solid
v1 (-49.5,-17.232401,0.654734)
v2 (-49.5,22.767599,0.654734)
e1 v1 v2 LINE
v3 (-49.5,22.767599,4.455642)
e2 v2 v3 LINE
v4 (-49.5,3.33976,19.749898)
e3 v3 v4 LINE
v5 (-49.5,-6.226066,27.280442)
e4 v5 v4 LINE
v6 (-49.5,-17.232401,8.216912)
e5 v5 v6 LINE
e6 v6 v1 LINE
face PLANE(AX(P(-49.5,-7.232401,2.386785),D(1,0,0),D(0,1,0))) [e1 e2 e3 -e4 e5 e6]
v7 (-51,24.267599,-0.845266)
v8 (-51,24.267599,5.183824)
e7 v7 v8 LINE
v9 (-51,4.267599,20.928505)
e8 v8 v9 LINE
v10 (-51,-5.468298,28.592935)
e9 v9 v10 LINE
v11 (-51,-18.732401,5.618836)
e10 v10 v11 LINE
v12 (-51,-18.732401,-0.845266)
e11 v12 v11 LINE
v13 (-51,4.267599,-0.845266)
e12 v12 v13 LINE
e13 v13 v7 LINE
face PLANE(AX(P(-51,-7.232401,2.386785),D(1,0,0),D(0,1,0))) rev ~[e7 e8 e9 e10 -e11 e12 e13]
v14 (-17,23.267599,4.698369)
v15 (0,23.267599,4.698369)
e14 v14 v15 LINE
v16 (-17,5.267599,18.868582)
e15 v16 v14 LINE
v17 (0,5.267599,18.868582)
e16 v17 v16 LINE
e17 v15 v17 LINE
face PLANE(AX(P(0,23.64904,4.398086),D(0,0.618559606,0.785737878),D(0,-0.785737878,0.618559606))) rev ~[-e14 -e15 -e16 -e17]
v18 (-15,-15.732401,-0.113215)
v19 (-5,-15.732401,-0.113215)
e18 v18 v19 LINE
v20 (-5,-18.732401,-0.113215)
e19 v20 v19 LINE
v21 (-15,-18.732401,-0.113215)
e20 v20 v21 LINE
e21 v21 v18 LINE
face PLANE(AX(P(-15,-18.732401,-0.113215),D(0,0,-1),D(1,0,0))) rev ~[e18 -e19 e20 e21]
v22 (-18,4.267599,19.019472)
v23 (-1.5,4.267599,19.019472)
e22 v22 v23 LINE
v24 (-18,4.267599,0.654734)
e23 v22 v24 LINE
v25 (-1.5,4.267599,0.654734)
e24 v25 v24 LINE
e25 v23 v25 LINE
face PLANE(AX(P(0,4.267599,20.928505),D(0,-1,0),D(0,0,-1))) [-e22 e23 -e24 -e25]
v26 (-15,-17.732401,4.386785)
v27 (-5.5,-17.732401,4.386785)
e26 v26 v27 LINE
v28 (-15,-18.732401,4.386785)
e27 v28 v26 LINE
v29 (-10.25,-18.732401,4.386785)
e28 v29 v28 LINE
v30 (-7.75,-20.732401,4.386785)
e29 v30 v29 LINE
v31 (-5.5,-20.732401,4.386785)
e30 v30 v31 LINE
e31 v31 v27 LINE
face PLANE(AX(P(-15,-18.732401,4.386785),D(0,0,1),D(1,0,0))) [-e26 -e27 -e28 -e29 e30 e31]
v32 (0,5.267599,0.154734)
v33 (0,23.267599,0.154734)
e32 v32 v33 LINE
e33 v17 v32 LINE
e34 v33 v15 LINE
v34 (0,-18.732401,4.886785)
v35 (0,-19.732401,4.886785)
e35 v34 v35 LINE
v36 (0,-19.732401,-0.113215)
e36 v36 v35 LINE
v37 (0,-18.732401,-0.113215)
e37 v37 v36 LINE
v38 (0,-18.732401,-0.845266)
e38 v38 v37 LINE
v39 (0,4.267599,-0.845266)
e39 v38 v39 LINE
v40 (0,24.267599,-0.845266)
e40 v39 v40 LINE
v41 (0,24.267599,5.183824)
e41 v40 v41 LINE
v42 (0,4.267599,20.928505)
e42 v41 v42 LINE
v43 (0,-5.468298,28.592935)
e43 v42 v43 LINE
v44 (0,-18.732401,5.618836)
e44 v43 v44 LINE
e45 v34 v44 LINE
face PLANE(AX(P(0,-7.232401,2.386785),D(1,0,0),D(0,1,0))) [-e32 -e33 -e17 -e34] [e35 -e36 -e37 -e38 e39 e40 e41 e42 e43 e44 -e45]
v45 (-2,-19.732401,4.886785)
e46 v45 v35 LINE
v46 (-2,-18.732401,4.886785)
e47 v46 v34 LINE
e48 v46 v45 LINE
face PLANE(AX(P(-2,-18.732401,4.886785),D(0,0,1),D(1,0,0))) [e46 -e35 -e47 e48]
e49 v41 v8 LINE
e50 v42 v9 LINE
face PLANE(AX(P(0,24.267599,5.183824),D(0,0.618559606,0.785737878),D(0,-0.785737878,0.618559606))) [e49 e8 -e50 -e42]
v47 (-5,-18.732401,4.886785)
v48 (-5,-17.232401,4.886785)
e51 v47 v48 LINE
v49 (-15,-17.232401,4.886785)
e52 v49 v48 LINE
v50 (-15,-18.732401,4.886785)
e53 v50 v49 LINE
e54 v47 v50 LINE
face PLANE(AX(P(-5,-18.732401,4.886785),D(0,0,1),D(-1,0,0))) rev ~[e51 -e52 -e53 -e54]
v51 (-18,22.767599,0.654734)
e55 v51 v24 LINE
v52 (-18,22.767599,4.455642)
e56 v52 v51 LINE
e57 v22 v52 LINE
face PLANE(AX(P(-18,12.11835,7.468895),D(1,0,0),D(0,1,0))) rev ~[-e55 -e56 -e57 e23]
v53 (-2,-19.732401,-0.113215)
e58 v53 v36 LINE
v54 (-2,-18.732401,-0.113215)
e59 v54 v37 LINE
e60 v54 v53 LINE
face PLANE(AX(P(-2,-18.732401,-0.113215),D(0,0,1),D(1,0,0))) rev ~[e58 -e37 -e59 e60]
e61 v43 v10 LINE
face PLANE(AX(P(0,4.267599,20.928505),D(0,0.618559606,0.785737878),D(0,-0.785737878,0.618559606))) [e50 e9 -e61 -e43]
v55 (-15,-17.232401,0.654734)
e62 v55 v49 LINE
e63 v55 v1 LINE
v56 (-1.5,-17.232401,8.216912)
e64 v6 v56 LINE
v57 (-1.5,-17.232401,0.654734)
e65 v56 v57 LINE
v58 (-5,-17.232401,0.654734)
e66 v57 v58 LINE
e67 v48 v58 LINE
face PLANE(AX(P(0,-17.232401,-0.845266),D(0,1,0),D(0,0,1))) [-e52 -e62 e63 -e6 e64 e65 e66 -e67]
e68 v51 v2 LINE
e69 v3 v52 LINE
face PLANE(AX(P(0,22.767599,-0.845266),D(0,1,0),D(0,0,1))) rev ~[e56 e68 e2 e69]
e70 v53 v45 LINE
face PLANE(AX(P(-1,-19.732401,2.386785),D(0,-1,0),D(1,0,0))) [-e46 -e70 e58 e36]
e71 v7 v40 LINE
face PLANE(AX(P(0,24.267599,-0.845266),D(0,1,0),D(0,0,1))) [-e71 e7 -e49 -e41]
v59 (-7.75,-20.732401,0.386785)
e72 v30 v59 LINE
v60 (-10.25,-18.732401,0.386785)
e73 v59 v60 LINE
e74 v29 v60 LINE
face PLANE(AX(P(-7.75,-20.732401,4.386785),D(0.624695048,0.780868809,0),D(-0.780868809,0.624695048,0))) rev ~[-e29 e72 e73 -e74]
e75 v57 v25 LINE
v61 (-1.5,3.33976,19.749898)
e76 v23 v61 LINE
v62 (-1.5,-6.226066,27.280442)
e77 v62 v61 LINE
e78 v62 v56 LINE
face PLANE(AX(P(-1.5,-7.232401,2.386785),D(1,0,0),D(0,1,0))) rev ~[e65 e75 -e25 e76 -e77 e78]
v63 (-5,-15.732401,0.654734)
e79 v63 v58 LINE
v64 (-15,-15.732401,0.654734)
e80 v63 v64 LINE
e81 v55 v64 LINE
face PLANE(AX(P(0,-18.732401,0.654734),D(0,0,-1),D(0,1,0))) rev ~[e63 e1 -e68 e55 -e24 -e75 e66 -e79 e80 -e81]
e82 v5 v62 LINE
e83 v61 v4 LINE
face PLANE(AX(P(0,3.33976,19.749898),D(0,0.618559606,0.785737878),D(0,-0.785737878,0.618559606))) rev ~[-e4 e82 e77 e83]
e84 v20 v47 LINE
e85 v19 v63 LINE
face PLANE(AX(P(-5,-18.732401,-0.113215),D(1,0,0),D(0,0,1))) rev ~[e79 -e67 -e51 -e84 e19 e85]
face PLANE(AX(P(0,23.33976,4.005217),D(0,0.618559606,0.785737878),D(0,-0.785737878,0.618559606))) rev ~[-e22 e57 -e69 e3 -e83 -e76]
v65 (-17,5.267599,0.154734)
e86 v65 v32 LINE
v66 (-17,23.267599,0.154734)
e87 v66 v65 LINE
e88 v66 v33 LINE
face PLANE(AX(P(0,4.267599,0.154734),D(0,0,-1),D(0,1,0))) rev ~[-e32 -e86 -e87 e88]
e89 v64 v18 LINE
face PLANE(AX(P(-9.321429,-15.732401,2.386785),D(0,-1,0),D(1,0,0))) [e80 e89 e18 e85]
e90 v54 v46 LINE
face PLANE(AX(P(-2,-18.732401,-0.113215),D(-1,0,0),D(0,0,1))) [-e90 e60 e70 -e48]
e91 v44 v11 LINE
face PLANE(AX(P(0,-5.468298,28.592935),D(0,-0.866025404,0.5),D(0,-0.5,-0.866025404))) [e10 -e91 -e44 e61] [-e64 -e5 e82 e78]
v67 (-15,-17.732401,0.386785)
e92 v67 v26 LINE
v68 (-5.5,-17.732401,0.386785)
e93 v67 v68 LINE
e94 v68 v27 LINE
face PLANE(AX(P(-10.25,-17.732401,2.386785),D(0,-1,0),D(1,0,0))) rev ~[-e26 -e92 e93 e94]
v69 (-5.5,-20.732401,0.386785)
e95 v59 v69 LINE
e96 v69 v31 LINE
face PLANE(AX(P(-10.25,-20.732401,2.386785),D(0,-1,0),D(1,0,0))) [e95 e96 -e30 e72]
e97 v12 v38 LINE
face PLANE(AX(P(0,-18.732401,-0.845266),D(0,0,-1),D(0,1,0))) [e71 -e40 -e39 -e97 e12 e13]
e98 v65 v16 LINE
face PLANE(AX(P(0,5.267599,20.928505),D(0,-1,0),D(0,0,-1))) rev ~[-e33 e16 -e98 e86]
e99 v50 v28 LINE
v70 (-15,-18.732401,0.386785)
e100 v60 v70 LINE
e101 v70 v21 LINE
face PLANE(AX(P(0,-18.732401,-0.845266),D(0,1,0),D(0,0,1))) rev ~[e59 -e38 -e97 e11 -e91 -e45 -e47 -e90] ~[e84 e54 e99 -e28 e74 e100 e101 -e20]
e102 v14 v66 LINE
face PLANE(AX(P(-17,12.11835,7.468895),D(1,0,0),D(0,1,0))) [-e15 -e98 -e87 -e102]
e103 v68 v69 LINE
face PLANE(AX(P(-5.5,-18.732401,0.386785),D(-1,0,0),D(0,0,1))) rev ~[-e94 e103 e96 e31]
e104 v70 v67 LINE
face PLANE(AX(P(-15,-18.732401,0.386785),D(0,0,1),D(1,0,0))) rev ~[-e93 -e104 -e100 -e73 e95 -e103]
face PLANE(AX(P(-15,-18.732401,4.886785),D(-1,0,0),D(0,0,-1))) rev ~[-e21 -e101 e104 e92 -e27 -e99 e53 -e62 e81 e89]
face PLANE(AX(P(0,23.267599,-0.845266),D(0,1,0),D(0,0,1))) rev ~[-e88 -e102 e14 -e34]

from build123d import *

# Parameters (mm, degrees)
F0_W          = 23
F0_H          = 6.4641016151
F1_DEPTH      = 51
F2_T          = -1.5
F3_DEPTH      = 18
F4_DEPTH      = 18
F5_T          = -1
F6_W          = 9.5
F6_H          = 4
F7_DEPTH      = 3
F8_DEPTH      = 1
F8_DEPTH_BACK = 2
F10_DEPTH     = 25
F6_W_2        = 2
F6_H_2        = 5
F11_DEPTH     = 1


with BuildPart() as f1:
    # F0 (on Right) → F1 (new body)
    with BuildSketch(Plane.YZ):
        with Locations((-7.2324005883, 2.3867851467)):
            Rectangle(F0_W, F0_H)
        Polygon((-5.4682982052, 28.5929351986), (-18.7324005883, 5.6188359543), (4.2675994117, 5.6188359543), (4.2675994117, 20.9285051598), align=None)
        Polygon((4.2675994117, 20.9285051598), (4.2675994117, 5.6188359543), (4.2675994117, -0.8452656608), (24.2675994117, -0.8452656608), (24.2675994117, 5.1838243087), align=None)
    extrude(amount=-F1_DEPTH)

    # F2
    f2_openings = [f1.faces().sort_by_distance(p)[0] for p in [
        (-25.5, -12.100349, 17.105886),
    ]]
    offset(amount=F2_T, openings=f2_openings)

    # F0 (on Right) → F3 (cut)
    with BuildSketch(Plane.YZ):
        Polygon((4.2675994117, 20.9285051598), (4.2675994117, 5.6188359543), (4.2675994117, -0.8452656608), (24.2675994117, -0.8452656608), (24.2675994117, 5.1838243087), align=None)
    extrude(amount=-F3_DEPTH, mode=Mode.SUBTRACT)

    # F6 (on face) → F7 (cut)
    with BuildSketch(Plane.XZ.offset(18.7324005883)):
        Polygon((-5, -0.1132148533), (-5, 4.8867851467), (-15, 4.8867851467), (-15, 4.3867851467), (-5.5, 4.3867851467), (-5.5, 0.3867851467), (-15, 0.3867851467), (-15, -0.1132148533), align=None)
        with Locations((-10.25, 2.3867851467)):
            Rectangle(F6_W, F6_H)
    extrude(amount=-F7_DEPTH, mode=Mode.SUBTRACT)

    # F6 (on face) → F8 (join, two sides)
    with BuildSketch(Plane.XZ.offset(18.7324005883)) as f8_sk:
        with Locations((-10.25, 2.3867851467)):
            Rectangle(F6_W, F6_H)
    extrude(amount=-F8_DEPTH)
    extrude(f8_sk.sketch, amount=F8_DEPTH_BACK)

    # F9 (on face) → F10 (cut)
    with BuildSketch(Plane.XY.offset(4.3867851467)):
        Polygon((-15, -18.7324005883), (-15, -20.7324005883), (-7.75, -20.7324005883), (-10.25, -18.7324005883), align=None)
    extrude(amount=-F10_DEPTH, mode=Mode.SUBTRACT)



with BuildPart() as f4:
    # F0 (on Right) → F4 (new body)
    with BuildSketch(Plane.YZ):
        Polygon((4.2675994117, 20.9285051598), (4.2675994117, 5.6188359543), (4.2675994117, -0.8452656608), (24.2675994117, -0.8452656608), (24.2675994117, 5.1838243087), align=None)
    extrude(amount=-F4_DEPTH)

    # F5
    f5_openings = [f4.faces().sort_by_distance(p)[0] for p in [
        (0, 12.379942, 6.848464),
    ]]
    offset(amount=F5_T, openings=f5_openings)


with BuildPart() as f1_1:
    add(f1.part)

    add(f4.part)  # F11 merges F4
    # F6 (on face) → F11 (join)
    with BuildSketch(Plane.XZ.offset(18.7324005883)):
        with Locations((-1, 2.3867851467)):
            Rectangle(F6_W_2, F6_H_2)
    extrude(amount=F11_DEPTH)


solid = f1_1.part
